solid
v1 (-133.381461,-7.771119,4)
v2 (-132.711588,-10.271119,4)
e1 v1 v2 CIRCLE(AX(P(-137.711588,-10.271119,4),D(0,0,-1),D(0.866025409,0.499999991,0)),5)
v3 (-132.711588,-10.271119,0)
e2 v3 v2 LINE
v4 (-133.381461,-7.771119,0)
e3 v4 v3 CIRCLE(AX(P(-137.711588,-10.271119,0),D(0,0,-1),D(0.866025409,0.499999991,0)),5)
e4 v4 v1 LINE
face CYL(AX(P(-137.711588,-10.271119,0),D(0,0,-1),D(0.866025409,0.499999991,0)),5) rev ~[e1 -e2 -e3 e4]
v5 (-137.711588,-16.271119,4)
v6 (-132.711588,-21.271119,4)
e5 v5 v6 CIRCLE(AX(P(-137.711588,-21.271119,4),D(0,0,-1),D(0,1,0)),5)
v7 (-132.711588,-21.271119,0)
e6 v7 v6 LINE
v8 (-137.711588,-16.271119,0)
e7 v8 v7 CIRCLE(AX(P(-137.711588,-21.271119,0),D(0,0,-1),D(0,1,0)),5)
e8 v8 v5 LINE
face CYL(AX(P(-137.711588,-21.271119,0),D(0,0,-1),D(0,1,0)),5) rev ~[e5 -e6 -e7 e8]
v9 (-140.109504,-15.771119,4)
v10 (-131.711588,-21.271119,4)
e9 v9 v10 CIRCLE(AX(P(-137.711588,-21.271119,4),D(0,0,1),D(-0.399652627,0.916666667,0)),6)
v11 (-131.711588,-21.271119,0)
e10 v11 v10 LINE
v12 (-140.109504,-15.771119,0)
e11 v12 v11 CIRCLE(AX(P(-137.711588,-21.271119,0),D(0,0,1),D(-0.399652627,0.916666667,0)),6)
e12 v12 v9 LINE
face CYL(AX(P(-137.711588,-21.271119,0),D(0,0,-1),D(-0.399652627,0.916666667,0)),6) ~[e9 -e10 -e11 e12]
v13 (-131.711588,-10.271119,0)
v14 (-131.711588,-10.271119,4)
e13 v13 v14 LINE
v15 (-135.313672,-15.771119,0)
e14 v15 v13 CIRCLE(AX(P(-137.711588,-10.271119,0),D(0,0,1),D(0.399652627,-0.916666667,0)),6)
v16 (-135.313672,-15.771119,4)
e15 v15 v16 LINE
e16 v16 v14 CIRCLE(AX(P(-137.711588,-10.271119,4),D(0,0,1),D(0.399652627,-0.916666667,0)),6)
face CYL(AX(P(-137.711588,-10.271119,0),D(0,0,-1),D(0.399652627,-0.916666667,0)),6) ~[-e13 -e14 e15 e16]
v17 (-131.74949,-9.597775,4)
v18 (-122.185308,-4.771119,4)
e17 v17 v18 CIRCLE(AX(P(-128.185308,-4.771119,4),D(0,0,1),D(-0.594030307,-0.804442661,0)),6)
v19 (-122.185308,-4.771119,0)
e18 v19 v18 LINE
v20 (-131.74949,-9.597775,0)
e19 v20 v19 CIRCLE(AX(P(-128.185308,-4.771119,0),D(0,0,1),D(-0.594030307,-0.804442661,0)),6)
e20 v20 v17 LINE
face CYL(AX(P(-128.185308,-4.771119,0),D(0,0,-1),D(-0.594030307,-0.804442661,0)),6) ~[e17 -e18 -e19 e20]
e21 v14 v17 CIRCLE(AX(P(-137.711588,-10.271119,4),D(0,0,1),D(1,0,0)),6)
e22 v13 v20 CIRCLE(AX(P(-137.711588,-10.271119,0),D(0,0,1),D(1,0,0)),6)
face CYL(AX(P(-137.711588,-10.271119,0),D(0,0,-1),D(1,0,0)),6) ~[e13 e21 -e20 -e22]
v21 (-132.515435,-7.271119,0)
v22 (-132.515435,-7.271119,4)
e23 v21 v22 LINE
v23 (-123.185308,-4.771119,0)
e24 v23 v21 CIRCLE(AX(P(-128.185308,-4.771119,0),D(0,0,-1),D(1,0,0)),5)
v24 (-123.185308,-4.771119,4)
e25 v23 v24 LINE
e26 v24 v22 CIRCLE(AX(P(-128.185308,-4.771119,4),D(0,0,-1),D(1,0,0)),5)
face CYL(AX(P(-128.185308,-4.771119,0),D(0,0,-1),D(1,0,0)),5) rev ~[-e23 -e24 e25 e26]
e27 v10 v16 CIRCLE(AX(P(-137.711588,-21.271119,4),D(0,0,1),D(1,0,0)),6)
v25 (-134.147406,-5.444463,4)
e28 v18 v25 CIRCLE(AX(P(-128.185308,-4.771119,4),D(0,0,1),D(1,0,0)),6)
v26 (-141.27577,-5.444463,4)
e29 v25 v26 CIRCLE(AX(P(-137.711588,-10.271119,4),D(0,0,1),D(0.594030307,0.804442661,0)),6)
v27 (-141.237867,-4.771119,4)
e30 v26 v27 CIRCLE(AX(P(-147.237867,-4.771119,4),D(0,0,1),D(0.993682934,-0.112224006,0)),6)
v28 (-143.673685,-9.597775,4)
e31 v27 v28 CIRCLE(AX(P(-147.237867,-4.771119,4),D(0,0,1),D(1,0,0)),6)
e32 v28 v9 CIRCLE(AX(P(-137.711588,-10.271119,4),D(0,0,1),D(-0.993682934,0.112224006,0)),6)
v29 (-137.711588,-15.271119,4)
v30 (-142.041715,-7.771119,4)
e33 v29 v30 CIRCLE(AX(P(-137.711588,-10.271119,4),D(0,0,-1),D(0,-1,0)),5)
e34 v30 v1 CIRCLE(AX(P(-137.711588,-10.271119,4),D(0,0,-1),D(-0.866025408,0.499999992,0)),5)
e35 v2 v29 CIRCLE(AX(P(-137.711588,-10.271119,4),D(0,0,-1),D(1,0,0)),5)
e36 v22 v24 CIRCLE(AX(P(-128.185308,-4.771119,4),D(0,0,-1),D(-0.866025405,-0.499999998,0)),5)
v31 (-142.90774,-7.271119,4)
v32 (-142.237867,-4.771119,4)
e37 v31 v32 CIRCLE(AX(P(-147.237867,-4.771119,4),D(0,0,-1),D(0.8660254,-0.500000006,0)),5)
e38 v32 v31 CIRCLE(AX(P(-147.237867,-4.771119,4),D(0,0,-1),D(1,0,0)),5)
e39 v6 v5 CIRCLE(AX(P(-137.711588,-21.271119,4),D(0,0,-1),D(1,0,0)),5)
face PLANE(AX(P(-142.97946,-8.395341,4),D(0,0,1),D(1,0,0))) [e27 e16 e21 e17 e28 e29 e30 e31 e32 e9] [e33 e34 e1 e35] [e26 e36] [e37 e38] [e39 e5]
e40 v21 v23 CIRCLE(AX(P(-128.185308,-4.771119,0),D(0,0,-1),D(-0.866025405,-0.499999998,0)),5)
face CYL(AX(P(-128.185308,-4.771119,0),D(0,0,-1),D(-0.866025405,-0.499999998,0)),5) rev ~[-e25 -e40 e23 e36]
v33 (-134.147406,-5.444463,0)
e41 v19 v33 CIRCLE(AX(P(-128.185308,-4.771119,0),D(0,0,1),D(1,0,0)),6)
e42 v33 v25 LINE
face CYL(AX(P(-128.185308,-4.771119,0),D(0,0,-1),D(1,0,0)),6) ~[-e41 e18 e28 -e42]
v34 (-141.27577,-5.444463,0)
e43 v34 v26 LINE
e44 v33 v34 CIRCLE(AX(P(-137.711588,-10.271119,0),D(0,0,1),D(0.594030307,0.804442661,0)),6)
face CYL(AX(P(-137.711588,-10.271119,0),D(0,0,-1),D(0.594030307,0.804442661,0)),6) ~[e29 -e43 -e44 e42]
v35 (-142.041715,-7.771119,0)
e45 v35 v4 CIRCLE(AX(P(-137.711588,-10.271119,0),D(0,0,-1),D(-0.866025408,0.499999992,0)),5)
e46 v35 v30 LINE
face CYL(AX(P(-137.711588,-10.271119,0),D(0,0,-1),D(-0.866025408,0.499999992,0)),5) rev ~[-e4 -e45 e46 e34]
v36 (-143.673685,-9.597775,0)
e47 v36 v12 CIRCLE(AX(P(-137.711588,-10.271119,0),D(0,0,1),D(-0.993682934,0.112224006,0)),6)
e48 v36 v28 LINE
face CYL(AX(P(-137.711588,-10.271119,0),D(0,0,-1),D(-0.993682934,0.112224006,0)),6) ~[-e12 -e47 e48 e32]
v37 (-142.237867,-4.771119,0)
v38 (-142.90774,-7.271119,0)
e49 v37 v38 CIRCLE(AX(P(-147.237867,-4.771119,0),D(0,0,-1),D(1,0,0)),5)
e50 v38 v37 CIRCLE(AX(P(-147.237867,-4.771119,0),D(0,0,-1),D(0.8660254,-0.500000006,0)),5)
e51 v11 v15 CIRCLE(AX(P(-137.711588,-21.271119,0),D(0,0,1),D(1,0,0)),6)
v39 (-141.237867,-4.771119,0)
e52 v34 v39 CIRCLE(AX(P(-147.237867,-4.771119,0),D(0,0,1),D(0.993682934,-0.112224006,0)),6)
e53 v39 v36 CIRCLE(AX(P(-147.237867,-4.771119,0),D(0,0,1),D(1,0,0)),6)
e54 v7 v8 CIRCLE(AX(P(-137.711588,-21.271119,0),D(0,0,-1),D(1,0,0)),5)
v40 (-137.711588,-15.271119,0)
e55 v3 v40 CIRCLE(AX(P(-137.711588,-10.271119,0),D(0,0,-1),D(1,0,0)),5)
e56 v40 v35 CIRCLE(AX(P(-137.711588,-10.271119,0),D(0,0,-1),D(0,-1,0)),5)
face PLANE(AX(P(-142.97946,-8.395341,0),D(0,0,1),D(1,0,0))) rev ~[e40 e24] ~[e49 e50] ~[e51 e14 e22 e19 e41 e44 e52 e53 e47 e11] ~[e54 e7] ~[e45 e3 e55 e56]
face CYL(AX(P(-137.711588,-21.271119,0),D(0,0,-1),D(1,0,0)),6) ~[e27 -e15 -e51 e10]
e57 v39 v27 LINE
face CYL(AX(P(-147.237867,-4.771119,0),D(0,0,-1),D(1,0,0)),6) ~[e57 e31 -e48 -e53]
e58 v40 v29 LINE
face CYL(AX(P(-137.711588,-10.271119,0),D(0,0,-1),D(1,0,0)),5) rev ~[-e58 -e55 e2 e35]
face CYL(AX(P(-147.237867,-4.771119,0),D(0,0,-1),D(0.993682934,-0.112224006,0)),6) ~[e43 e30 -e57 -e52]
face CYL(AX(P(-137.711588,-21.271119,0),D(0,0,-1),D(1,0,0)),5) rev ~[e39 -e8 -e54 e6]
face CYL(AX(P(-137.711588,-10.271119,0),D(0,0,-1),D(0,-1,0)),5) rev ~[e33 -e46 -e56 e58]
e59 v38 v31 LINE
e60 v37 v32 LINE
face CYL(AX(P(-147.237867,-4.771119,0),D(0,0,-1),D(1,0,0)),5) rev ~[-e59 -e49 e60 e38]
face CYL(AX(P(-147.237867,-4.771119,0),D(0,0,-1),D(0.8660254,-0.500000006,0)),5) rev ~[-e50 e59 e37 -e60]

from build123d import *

# Parameters (mm, degrees)
F1_DEPTH = 4


with BuildPart() as f1:
    # F0 (on Top) → F1 (new body)
    with BuildSketch(Plane.XY):
        with BuildLine():
            ThreePointArc((-143.6736853449, -9.5977745645), (-142.7634921482, -8.7686138184), (-142.0417147847, -7.7711186378))
            Line((-142.0417147621, -7.7711185988), (-142.9077401659, -7.2711185988))
            ThreePointArc((-142.9077401838, -7.2711186297), (-143.4107076718, -8.3949437564), (-143.6736853449, -9.5977745645))
        make_face()
        with BuildLine():
            Line((-142.9077401659, -7.2711185988), (-142.0417147621, -7.7711185988))
            ThreePointArc((-142.0417147847, -7.7711186378), (-141.5387472689, -6.6472934795), (-141.2757695832, -5.444462633))
            ThreePointArc((-141.2757695832, -5.444462633), (-142.1859628068, -6.2736234092), (-142.9077401838, -7.2711186297))
        make_face()
        with BuildLine():
            ThreePointArc((-143.6736853449, -9.5977745645), (-143.4107076718, -8.3949437564), (-142.9077401838, -7.2711186297))
            ThreePointArc((-142.9077401838, -7.2711186297), (-142.1859628068, -6.2736234092), (-141.2757695832, -5.444462633))
            ThreePointArc((-141.2757695832, -5.444462633), (-141.2473502785, -5.1083235736), (-141.2378671849, -4.7711185988))
            ThreePointArc((-141.2378671849, -4.7711185988), (-152.594409495, -2.0678882201), (-143.6736853449, -9.5977745645))
        make_face()
        with BuildLine():
            ThreePointArc((-142.2378671849, -4.7711185988), (-142.408238058, -6.0652138415), (-142.9077401838, -7.2711186297))
            ThreePointArc((-142.9077401838, -7.2711186297), (-152.0674963117, -3.477023356), (-142.2378671849, -4.7711185988))
        make_face(mode=Mode.SUBTRACT)
        with BuildLine():
            ThreePointArc((-140.1095035049, -15.7711185988), (-138.9363326146, -15.3974485365), (-137.7115877432, -15.2711185988))
            ThreePointArc((-137.7115877432, -15.2711185988), (-142.0417147509, -12.7711186183), (-142.0417147847, -7.7711186378))
            ThreePointArc((-142.0417147847, -7.7711186378), (-142.7634921482, -8.7686138184), (-143.6736853449, -9.5977745645))
            ThreePointArc((-143.6736853449, -9.5977745645), (-142.9077401659, -13.2711185988), (-140.1095035049, -15.7711185988))
        make_face()
        with BuildLine():
            ThreePointArc((-133.3814606974, -7.7711186454), (-132.8819586048, -8.9770233992), (-132.7115877432, -10.2711185988))
            ThreePointArc((-132.7115877432, -10.2711185988), (-134.1760538373, -13.8066525047), (-137.7115877432, -15.2711185988))
            ThreePointArc((-137.7115877432, -15.2711185988), (-136.4868428718, -15.3974485365), (-135.3136719816, -15.7711185988))
            ThreePointArc((-135.3136719816, -15.7711185988), (-132.692250408, -13.5584051264), (-131.7115877432, -10.2711185988))
            ThreePointArc((-131.7115877432, -10.2711185988), (-131.7210708369, -9.9339136239), (-131.7494901416, -9.5977745645))
            ThreePointArc((-131.7494901416, -9.5977745645), (-132.6596833353, -8.7686138217), (-133.3814606974, -7.7711186454))
        make_face()
        with BuildLine():
            ThreePointArc((-142.0417147847, -7.7711186378), (-137.7115877388, -5.2711185988), (-133.3814606974, -7.7711186454))
            ThreePointArc((-133.3814606974, -7.7711186454), (-133.8844282162, -6.6472934836), (-134.1474059032, -5.444462633))
            ThreePointArc((-134.1474059032, -5.444462633), (-137.7115877432, -4.2711185988), (-141.2757695832, -5.444462633))
            ThreePointArc((-141.2757695832, -5.444462633), (-141.5387472689, -6.6472934795), (-142.0417147847, -7.7711186378))
        make_face()
        with BuildLine():
            ThreePointArc((-135.3136719816, -15.7711185988), (-136.4868428718, -15.3974485365), (-137.7115877432, -15.2711185988))
            Line((-137.7115877432, -15.2711185988), (-137.7115877432, -16.2711185988))
            ThreePointArc((-137.7115877432, -16.2711185988), (-136.4868428718, -16.144788661), (-135.3136719816, -15.7711185988))
        make_face()
        with BuildLine():
            Line((-137.7115877432, -16.2711185988), (-137.7115877432, -15.2711185988))
            ThreePointArc((-137.7115877432, -15.2711185988), (-138.9363326146, -15.3974485365), (-140.1095035049, -15.7711185988))
            ThreePointArc((-140.1095035049, -15.7711185988), (-138.9363326146, -16.144788661), (-137.7115877432, -16.2711185988))
        make_face()
        with BuildLine():
            ThreePointArc((-135.3136719816, -15.7711185988), (-136.4868428718, -16.144788661), (-137.7115877432, -16.2711185988))
            ThreePointArc((-137.7115877432, -16.2711185988), (-138.9363326146, -16.144788661), (-140.1095035049, -15.7711185988))
            ThreePointArc((-140.1095035049, -15.7711185988), (-140.9988742709, -26.290455934), (-131.7115877432, -21.2711185988))
            ThreePointArc((-131.7115877432, -21.2711185988), (-132.692250408, -17.9838320711), (-135.3136719816, -15.7711185988))
        make_face()
        with BuildLine():
            ThreePointArc((-132.7115877432, -21.2711185988), (-141.2471216492, -24.8066525047), (-137.7115877432, -16.2711185988))
            ThreePointArc((-137.7115877432, -16.2711185988), (-134.1760538373, -17.7355846928), (-132.7115877432, -21.2711185988))
        make_face(mode=Mode.SUBTRACT)
        with BuildLine():
            Line((-132.5154353205, -7.2711185988), (-133.3814607243, -7.7711185988))
            ThreePointArc((-133.3814606974, -7.7711186454), (-132.6596833353, -8.7686138217), (-131.7494901416, -9.5977745645))
            ThreePointArc((-131.7494901416, -9.5977745645), (-132.0124678216, -8.394943735), (-132.5154353252, -7.2711185907))
        make_face()
        with BuildLine():
            ThreePointArc((-134.1474059032, -5.444462633), (-133.8844282162, -6.6472934836), (-133.3814606974, -7.7711186454))
            Line((-133.3814607243, -7.7711185988), (-132.5154353205, -7.2711185988))
            ThreePointArc((-132.5154353252, -7.2711185907), (-133.2372126947, -6.2736233924), (-134.1474059032, -5.444462633))
        make_face()
        with BuildLine():
            ThreePointArc((-134.1474059032, -5.444462633), (-133.2372126947, -6.2736233924), (-132.5154353252, -7.2711185907))
            ThreePointArc((-132.5154353252, -7.2711185907), (-132.0124678216, -8.394943735), (-131.7494901416, -9.5977745645))
            ThreePointArc((-131.7494901416, -9.5977745645), (-125.4820779229, -10.1276609089), (-122.1853083016, -4.7711185988))
            ThreePointArc((-122.1853083016, -4.7711185988), (-128.5225132765, 1.2193983076), (-134.1474059032, -5.444462633))
        make_face()
        with BuildLine():
            ThreePointArc((-123.1853083016, -4.7711185988), (-126.8912130806, -9.6007477314), (-132.5154353252, -7.2711185907))
            ThreePointArc((-132.5154353252, -7.2711185907), (-129.4794035226, 0.0585105339), (-123.1853083016, -4.7711185988))
        make_face(mode=Mode.SUBTRACT)
    extrude(amount=F1_DEPTH)


solid = f1.part
